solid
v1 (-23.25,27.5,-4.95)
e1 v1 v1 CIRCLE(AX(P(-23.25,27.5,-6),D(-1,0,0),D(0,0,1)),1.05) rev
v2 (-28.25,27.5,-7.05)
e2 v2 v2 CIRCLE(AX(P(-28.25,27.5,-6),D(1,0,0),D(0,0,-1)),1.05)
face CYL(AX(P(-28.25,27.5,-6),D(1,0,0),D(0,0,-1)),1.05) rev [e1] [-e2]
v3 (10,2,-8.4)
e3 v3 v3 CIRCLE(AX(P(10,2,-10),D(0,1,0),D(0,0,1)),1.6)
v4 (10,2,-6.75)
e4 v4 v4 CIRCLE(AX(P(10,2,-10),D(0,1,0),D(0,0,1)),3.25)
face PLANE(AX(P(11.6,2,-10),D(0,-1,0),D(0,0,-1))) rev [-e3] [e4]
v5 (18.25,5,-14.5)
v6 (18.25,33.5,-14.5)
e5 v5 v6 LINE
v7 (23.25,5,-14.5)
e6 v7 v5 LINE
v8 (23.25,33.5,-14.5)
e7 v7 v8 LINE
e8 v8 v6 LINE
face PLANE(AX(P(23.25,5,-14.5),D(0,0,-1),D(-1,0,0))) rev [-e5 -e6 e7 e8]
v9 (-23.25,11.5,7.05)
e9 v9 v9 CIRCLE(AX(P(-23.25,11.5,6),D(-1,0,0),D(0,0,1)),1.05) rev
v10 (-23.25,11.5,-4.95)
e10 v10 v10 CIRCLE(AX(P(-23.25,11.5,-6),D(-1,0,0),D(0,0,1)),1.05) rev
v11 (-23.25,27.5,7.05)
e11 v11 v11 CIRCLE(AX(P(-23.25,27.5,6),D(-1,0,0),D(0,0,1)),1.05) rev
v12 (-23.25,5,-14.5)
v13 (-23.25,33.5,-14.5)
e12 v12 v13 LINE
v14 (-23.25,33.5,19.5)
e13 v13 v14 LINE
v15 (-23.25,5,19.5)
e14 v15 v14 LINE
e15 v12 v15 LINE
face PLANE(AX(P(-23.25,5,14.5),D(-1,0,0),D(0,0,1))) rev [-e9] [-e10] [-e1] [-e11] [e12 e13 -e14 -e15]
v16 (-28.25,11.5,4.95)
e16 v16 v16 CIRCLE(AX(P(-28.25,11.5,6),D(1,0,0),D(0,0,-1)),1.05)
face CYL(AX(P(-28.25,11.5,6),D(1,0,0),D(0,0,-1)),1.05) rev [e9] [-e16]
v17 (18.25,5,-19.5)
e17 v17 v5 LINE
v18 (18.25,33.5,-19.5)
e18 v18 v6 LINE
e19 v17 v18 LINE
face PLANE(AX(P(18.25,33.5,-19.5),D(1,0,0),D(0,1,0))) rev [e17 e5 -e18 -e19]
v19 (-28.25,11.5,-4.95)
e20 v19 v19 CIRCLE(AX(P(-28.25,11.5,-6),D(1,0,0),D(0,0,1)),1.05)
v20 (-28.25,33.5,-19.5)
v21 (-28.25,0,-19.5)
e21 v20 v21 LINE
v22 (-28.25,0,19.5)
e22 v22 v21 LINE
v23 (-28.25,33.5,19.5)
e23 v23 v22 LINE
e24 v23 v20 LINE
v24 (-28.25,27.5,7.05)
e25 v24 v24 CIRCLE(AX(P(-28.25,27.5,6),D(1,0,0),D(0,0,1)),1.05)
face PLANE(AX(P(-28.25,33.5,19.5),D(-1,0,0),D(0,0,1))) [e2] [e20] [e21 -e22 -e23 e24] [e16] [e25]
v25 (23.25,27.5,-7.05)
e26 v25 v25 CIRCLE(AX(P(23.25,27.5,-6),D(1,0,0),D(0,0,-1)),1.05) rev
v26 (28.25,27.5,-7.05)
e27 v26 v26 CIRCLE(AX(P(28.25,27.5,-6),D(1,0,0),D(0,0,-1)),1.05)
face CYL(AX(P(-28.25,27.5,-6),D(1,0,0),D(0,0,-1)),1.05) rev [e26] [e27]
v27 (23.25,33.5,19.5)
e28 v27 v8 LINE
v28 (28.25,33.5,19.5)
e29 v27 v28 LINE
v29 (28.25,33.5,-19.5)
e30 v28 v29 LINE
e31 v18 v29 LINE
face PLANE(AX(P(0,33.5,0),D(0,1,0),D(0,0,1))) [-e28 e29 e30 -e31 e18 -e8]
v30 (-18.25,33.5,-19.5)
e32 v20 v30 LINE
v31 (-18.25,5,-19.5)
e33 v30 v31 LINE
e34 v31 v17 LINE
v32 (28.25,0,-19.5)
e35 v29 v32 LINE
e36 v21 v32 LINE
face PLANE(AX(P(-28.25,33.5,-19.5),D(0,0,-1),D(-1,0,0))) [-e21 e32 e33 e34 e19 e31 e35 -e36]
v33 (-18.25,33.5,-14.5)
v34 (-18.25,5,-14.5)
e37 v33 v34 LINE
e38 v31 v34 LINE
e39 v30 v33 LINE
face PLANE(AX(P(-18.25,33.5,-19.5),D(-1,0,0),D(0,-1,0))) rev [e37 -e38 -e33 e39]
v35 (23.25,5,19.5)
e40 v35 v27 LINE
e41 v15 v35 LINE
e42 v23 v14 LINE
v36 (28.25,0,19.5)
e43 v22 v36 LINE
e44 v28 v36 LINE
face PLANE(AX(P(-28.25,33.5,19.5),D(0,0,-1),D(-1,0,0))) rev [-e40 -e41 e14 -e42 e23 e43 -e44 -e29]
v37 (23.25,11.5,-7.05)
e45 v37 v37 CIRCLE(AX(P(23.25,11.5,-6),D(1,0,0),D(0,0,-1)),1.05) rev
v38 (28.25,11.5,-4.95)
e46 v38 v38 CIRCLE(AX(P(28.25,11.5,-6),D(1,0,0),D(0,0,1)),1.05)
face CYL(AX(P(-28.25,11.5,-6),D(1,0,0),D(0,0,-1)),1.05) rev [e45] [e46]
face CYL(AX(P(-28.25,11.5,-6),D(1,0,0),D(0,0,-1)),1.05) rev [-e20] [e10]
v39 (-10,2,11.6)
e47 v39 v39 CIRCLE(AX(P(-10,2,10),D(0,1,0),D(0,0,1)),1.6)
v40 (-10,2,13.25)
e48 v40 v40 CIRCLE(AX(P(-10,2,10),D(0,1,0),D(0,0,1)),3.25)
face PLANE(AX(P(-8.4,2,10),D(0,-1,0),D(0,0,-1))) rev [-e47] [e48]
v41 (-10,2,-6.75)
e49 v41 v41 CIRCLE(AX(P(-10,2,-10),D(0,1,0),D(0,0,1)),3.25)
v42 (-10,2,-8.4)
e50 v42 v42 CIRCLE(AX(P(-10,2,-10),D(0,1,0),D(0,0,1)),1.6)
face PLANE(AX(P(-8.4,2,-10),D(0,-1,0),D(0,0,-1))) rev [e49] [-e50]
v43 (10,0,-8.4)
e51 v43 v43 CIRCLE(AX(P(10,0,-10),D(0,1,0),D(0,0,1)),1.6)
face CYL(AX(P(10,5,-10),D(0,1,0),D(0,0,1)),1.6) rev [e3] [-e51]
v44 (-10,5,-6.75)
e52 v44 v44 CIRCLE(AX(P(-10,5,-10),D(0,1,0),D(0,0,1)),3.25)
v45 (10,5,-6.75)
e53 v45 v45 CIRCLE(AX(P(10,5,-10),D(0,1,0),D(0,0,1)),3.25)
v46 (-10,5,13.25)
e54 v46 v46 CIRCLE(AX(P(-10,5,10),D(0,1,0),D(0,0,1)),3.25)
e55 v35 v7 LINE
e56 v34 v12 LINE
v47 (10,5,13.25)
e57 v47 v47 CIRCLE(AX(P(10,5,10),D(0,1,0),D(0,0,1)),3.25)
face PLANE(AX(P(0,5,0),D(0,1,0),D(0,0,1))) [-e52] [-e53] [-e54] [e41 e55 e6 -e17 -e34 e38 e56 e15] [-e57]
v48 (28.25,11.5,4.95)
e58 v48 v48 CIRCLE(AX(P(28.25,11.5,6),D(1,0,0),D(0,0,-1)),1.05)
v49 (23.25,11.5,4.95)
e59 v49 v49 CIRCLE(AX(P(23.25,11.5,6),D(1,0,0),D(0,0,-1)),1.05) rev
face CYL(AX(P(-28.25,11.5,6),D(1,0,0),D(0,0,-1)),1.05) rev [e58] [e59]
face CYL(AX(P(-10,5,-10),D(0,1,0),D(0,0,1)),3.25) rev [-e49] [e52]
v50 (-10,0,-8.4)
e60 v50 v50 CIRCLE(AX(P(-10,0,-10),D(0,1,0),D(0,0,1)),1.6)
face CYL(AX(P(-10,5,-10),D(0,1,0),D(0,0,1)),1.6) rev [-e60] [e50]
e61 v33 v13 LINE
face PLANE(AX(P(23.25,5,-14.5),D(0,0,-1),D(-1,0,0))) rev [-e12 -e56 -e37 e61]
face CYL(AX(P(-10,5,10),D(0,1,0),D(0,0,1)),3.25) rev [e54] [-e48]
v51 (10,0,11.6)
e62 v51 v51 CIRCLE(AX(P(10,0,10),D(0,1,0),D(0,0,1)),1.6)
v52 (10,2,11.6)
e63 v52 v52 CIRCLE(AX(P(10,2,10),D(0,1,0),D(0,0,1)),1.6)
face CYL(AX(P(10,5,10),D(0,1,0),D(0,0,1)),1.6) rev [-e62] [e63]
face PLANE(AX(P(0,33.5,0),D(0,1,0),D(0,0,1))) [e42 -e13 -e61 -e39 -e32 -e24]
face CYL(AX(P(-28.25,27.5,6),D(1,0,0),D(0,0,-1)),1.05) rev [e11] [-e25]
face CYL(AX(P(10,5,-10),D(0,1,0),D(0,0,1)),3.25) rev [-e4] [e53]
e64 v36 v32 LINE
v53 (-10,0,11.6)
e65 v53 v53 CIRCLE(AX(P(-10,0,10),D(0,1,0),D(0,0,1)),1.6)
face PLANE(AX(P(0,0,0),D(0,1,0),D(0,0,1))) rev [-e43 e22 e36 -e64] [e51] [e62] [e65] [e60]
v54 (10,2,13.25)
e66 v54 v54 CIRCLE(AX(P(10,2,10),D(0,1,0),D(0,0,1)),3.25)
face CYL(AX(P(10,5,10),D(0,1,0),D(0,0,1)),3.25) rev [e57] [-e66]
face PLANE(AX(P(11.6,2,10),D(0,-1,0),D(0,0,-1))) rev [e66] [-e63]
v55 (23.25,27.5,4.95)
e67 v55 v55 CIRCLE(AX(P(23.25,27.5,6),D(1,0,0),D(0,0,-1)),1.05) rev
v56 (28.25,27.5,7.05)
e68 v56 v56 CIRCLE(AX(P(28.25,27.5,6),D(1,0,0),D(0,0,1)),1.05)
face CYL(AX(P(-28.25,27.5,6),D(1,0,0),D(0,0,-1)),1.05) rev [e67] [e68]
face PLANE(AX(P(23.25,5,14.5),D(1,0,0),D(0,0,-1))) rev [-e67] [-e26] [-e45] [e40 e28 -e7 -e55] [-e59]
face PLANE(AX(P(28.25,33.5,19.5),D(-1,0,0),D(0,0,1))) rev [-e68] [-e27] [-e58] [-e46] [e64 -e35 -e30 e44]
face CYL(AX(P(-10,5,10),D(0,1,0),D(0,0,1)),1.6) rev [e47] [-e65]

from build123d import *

# Parameters (mm, degrees)
SKETCH9_W                                       = 56.5
SKETCH9_H                                       = 39
BOSS_EXTRUDE7_DEPTH                             = 33.5
SKETCH10_R                                      = 1.05
CUT_EXTRUDE2_DEPTH                              = 69.518245745
CUT_EXTRUDE3_DEPTH                              = 28.5
SKETCH12_W                                      = 36.5
SKETCH12_H                                      = 28.5
CUT_EXTRUDE4_DEPTH                              = 56.464515683
CBORE_FOR_M3_SOCKET_HEAD_CAP_SCREW3_D           = 3.2
CBORE_FOR_M3_SOCKET_HEAD_CAP_SCREW3_CBORE_D     = 6.5
CBORE_FOR_M3_SOCKET_HEAD_CAP_SCREW3_CBORE_DEPTH = 3


with BuildPart() as part:
    # Sketch9 → Boss-Extrude7 (new body)
    with BuildSketch(Plane(origin=(0, 0, 0), x_dir=(1, 0, 0), z_dir=(0, 1, 0))):
        Rectangle(SKETCH9_W, SKETCH9_H)
    extrude(amount=BOSS_EXTRUDE7_DEPTH)

    # Sketch10 → Cut-Extrude2 (cut, through all)
    with BuildSketch(Plane(origin=(28.25, 0, 0), x_dir=(0, 0, -1), z_dir=(1, 0, 0))):
        with Locations((-6, 11.5)):
            Circle(SKETCH10_R)
        with Locations(Location((6, 11.5, 0), (0, 0, 180))):
            Circle(SKETCH10_R)
        with Locations((6, 27.5)):
            Circle(SKETCH10_R)
        with Locations(Location((-6, 27.5, 0), (0, 0, 180))):
            Circle(SKETCH10_R)
    extrude(amount=-CUT_EXTRUDE2_DEPTH, mode=Mode.SUBTRACT)

    # Sketch11 → Cut-Extrude3 (cut)
    with BuildSketch(Plane(origin=(0, 33.5, 0), x_dir=(1, 0, 0), z_dir=(0, 1, 0))):
        Polygon((-23.25, -14.5), (-23.25, -19.5), (23.25, -19.5), (23.25, -14.5), (23.25, 14.5), (-23.25, 14.5), align=None)
    extrude(amount=-CUT_EXTRUDE3_DEPTH, mode=Mode.SUBTRACT)

    # Sketch12 → Cut-Extrude4 (cut, through all)
    with BuildSketch(Plane.XY.offset(-14.5)):
        with Locations((0, 19.25)):
            Rectangle(SKETCH12_W, SKETCH12_H)
    extrude(amount=-CUT_EXTRUDE4_DEPTH, mode=Mode.SUBTRACT)

    # CBORE for M3 Socket Head Cap Screw3 (through all)
    with Locations(Plane(origin=(10, 5, -10), x_dir=(0, 0, 1), z_dir=(0, 1, 0))):
        with Locations((0, 0), (20, 0), (20, -20), (0, -20)):
            CounterBoreHole(CBORE_FOR_M3_SOCKET_HEAD_CAP_SCREW3_D / 2, CBORE_FOR_M3_SOCKET_HEAD_CAP_SCREW3_CBORE_D / 2, CBORE_FOR_M3_SOCKET_HEAD_CAP_SCREW3_CBORE_DEPTH)


solid = part.part
